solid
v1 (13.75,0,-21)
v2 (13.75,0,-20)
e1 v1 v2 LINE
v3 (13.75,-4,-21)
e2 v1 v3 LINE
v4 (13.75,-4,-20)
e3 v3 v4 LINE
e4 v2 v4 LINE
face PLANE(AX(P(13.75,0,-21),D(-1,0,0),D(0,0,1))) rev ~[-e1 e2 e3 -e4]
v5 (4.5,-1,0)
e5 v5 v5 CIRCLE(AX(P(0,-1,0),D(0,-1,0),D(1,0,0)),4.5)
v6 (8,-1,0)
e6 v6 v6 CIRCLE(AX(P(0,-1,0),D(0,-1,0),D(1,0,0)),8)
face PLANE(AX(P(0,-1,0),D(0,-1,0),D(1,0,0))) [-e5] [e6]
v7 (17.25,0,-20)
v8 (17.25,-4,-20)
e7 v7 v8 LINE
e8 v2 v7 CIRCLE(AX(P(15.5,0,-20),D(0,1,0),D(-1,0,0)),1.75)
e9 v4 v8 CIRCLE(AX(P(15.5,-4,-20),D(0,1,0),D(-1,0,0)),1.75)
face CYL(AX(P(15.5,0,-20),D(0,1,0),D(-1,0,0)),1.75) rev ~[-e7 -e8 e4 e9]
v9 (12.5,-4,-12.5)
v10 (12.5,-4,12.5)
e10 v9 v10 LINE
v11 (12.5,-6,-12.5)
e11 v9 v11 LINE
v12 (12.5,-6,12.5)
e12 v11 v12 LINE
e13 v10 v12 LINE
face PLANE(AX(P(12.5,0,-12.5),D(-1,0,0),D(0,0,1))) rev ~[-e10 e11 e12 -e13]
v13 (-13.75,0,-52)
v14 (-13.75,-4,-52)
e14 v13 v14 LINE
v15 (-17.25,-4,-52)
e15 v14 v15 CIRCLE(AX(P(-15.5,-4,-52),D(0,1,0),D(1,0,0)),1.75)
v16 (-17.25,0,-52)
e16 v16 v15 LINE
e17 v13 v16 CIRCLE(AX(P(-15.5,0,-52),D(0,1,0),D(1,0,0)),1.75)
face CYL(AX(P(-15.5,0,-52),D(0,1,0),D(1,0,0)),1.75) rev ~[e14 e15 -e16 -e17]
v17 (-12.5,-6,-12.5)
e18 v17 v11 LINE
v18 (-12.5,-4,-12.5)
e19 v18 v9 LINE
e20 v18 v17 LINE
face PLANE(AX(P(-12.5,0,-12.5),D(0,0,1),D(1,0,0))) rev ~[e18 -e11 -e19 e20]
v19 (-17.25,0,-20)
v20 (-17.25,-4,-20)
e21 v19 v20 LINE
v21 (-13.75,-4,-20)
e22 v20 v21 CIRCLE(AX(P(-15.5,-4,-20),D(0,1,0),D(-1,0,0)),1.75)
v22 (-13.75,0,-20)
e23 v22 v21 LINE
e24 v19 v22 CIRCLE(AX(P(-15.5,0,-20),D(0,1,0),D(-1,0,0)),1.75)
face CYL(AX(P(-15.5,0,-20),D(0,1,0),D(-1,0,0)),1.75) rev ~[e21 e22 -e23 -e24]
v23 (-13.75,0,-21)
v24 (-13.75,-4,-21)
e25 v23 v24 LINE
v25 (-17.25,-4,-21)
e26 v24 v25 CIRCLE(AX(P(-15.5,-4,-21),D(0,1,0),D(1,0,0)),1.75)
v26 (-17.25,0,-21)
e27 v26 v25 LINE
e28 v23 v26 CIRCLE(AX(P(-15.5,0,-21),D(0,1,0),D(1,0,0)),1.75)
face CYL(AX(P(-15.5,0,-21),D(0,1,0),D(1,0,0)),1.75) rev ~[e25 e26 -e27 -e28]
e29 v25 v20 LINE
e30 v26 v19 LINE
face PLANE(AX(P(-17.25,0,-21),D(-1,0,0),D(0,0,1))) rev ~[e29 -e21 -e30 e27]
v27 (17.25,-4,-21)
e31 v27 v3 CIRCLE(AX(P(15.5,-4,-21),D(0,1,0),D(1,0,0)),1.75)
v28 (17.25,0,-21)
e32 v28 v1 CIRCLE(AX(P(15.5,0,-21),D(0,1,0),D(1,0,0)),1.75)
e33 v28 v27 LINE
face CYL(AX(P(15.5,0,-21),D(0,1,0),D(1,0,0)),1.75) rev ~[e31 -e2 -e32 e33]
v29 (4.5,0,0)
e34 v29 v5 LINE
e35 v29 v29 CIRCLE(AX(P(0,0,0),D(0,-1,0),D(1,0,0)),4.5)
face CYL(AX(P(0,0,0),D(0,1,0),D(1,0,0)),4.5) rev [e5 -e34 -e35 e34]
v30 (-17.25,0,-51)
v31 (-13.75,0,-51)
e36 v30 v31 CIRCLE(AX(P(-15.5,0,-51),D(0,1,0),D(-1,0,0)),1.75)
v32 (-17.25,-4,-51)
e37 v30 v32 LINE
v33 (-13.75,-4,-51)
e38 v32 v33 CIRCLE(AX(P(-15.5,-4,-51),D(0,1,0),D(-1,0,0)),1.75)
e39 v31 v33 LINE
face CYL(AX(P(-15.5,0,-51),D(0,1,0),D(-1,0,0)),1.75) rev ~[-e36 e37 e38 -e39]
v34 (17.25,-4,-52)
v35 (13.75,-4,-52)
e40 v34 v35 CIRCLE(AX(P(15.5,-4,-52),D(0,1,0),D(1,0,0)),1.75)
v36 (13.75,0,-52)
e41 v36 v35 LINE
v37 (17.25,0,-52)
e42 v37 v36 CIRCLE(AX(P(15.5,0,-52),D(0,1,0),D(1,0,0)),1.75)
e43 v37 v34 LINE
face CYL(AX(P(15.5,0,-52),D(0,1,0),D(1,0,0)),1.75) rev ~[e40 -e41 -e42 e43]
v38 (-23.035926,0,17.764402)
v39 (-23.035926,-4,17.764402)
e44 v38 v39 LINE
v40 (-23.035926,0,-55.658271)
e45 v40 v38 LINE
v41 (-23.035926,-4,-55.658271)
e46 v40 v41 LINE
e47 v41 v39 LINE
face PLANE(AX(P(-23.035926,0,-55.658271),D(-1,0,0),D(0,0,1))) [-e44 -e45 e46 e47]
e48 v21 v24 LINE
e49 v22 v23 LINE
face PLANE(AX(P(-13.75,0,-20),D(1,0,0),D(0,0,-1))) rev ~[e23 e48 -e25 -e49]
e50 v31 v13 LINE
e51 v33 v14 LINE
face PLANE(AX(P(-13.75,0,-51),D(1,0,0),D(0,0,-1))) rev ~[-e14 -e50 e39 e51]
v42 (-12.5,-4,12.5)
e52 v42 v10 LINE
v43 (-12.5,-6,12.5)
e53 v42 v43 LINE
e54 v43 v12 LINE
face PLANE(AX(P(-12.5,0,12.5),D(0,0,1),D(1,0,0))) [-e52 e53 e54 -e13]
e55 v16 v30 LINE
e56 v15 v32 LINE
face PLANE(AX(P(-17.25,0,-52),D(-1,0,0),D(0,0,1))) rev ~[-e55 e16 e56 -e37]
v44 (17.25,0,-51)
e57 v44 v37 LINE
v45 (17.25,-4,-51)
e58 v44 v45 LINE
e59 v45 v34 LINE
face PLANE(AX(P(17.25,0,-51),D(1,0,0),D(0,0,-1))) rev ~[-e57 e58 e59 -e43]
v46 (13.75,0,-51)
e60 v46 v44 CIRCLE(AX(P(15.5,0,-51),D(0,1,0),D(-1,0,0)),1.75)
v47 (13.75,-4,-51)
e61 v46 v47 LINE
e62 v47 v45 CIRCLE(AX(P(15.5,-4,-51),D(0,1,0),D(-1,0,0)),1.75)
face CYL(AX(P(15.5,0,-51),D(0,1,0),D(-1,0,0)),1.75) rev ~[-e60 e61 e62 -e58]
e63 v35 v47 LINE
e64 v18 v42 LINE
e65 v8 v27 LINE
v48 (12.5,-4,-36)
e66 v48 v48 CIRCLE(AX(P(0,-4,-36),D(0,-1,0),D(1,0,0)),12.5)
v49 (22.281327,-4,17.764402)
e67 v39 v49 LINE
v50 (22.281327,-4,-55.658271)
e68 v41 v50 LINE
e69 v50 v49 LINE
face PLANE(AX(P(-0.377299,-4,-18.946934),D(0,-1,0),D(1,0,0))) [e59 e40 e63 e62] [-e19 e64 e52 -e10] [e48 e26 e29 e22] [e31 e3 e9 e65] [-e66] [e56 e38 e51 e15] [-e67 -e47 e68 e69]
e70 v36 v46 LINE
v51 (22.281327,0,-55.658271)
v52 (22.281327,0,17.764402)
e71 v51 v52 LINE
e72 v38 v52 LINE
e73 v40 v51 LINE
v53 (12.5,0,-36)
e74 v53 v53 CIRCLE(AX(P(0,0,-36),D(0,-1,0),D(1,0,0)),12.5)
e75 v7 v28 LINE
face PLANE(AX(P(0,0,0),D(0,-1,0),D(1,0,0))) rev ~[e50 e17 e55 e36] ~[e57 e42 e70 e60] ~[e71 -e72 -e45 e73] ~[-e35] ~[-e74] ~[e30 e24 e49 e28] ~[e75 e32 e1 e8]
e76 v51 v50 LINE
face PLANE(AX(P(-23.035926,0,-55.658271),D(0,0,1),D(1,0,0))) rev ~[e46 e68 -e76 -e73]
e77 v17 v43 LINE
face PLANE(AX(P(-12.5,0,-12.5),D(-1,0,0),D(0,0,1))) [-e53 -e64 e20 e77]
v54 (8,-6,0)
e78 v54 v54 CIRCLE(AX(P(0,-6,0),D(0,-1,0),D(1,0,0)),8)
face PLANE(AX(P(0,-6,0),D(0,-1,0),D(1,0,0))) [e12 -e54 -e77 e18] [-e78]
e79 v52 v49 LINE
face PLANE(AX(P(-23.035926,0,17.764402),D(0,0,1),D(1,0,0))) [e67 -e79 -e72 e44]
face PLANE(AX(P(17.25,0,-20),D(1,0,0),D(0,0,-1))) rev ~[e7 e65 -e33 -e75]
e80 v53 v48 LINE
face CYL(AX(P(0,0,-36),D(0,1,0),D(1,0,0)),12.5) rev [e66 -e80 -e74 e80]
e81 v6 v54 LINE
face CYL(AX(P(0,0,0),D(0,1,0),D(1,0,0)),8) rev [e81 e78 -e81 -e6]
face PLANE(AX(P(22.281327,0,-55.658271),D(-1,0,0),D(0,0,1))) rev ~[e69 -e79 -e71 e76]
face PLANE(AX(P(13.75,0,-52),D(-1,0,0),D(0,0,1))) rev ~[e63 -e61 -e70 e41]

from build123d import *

# Parameters (mm, degrees)
F0_W     = 45.317253
F0_H     = 73.422673
F0_R     = 12.5
F0_W_2   = 25
F0_H_2   = 25
F1_DEPTH = 4
F0_R_2   = 8
F2_DEPTH = 6
F0_R_3   = 4.5
F3_DEPTH = 1


with BuildPart() as f1:
    # F0 (on Front) → F1 (new body)
    with BuildSketch(Plane.XZ):
        with Locations((-0.377299, -18.946934)):
            Rectangle(F0_W, F0_H)
        with BuildLine():
            ThreePointArc((-13.75, -52), (-15.5, -53.75), (-17.25, -52))
            Line((-17.25, -52), (-17.25, -51))
            ThreePointArc((-17.25, -51), (-15.5, -49.25), (-13.75, -51))
            Line((-13.75, -51), (-13.75, -52))
        make_face(mode=Mode.SUBTRACT)
        with BuildLine():
            ThreePointArc((-17.25, -20), (-15.5, -18.25), (-13.75, -20))
            Line((-13.75, -20), (-13.75, -21))
            ThreePointArc((-13.75, -21), (-15.5, -22.75), (-17.25, -21))
            Line((-17.25, -21), (-17.25, -20))
        make_face(mode=Mode.SUBTRACT)
        with BuildLine():
            Line((17.25, -51), (17.25, -52))
            ThreePointArc((17.25, -52), (15.5, -53.75), (13.75, -52))
            Line((13.75, -52), (13.75, -51))
            ThreePointArc((13.75, -51), (15.5, -49.25), (17.25, -51))
        make_face(mode=Mode.SUBTRACT)
        with Locations((0, -36)):
            Circle(F0_R, mode=Mode.SUBTRACT)
        with BuildLine():
            Line((13.75, -21), (13.75, -20))
            ThreePointArc((13.75, -20), (15.5, -18.25), (17.25, -20))
            Line((17.25, -20), (17.25, -21))
            ThreePointArc((17.25, -21), (15.5, -22.75), (13.75, -21))
        make_face(mode=Mode.SUBTRACT)
        Rectangle(F0_W_2, F0_H_2, mode=Mode.SUBTRACT)
    extrude(amount=F1_DEPTH)

    # F0 (on Front) → F2 (join)
    with BuildSketch(Plane.XZ):
        Rectangle(F0_W_2, F0_H_2)
        Circle(F0_R_2, mode=Mode.SUBTRACT)
    extrude(amount=F2_DEPTH)

    # F0 (on Front) → F3 (join)
    with BuildSketch(Plane.XZ):
        Circle(F0_R_2)
        Circle(F0_R_3, mode=Mode.SUBTRACT)
    extrude(amount=F3_DEPTH)


solid = f1.part
